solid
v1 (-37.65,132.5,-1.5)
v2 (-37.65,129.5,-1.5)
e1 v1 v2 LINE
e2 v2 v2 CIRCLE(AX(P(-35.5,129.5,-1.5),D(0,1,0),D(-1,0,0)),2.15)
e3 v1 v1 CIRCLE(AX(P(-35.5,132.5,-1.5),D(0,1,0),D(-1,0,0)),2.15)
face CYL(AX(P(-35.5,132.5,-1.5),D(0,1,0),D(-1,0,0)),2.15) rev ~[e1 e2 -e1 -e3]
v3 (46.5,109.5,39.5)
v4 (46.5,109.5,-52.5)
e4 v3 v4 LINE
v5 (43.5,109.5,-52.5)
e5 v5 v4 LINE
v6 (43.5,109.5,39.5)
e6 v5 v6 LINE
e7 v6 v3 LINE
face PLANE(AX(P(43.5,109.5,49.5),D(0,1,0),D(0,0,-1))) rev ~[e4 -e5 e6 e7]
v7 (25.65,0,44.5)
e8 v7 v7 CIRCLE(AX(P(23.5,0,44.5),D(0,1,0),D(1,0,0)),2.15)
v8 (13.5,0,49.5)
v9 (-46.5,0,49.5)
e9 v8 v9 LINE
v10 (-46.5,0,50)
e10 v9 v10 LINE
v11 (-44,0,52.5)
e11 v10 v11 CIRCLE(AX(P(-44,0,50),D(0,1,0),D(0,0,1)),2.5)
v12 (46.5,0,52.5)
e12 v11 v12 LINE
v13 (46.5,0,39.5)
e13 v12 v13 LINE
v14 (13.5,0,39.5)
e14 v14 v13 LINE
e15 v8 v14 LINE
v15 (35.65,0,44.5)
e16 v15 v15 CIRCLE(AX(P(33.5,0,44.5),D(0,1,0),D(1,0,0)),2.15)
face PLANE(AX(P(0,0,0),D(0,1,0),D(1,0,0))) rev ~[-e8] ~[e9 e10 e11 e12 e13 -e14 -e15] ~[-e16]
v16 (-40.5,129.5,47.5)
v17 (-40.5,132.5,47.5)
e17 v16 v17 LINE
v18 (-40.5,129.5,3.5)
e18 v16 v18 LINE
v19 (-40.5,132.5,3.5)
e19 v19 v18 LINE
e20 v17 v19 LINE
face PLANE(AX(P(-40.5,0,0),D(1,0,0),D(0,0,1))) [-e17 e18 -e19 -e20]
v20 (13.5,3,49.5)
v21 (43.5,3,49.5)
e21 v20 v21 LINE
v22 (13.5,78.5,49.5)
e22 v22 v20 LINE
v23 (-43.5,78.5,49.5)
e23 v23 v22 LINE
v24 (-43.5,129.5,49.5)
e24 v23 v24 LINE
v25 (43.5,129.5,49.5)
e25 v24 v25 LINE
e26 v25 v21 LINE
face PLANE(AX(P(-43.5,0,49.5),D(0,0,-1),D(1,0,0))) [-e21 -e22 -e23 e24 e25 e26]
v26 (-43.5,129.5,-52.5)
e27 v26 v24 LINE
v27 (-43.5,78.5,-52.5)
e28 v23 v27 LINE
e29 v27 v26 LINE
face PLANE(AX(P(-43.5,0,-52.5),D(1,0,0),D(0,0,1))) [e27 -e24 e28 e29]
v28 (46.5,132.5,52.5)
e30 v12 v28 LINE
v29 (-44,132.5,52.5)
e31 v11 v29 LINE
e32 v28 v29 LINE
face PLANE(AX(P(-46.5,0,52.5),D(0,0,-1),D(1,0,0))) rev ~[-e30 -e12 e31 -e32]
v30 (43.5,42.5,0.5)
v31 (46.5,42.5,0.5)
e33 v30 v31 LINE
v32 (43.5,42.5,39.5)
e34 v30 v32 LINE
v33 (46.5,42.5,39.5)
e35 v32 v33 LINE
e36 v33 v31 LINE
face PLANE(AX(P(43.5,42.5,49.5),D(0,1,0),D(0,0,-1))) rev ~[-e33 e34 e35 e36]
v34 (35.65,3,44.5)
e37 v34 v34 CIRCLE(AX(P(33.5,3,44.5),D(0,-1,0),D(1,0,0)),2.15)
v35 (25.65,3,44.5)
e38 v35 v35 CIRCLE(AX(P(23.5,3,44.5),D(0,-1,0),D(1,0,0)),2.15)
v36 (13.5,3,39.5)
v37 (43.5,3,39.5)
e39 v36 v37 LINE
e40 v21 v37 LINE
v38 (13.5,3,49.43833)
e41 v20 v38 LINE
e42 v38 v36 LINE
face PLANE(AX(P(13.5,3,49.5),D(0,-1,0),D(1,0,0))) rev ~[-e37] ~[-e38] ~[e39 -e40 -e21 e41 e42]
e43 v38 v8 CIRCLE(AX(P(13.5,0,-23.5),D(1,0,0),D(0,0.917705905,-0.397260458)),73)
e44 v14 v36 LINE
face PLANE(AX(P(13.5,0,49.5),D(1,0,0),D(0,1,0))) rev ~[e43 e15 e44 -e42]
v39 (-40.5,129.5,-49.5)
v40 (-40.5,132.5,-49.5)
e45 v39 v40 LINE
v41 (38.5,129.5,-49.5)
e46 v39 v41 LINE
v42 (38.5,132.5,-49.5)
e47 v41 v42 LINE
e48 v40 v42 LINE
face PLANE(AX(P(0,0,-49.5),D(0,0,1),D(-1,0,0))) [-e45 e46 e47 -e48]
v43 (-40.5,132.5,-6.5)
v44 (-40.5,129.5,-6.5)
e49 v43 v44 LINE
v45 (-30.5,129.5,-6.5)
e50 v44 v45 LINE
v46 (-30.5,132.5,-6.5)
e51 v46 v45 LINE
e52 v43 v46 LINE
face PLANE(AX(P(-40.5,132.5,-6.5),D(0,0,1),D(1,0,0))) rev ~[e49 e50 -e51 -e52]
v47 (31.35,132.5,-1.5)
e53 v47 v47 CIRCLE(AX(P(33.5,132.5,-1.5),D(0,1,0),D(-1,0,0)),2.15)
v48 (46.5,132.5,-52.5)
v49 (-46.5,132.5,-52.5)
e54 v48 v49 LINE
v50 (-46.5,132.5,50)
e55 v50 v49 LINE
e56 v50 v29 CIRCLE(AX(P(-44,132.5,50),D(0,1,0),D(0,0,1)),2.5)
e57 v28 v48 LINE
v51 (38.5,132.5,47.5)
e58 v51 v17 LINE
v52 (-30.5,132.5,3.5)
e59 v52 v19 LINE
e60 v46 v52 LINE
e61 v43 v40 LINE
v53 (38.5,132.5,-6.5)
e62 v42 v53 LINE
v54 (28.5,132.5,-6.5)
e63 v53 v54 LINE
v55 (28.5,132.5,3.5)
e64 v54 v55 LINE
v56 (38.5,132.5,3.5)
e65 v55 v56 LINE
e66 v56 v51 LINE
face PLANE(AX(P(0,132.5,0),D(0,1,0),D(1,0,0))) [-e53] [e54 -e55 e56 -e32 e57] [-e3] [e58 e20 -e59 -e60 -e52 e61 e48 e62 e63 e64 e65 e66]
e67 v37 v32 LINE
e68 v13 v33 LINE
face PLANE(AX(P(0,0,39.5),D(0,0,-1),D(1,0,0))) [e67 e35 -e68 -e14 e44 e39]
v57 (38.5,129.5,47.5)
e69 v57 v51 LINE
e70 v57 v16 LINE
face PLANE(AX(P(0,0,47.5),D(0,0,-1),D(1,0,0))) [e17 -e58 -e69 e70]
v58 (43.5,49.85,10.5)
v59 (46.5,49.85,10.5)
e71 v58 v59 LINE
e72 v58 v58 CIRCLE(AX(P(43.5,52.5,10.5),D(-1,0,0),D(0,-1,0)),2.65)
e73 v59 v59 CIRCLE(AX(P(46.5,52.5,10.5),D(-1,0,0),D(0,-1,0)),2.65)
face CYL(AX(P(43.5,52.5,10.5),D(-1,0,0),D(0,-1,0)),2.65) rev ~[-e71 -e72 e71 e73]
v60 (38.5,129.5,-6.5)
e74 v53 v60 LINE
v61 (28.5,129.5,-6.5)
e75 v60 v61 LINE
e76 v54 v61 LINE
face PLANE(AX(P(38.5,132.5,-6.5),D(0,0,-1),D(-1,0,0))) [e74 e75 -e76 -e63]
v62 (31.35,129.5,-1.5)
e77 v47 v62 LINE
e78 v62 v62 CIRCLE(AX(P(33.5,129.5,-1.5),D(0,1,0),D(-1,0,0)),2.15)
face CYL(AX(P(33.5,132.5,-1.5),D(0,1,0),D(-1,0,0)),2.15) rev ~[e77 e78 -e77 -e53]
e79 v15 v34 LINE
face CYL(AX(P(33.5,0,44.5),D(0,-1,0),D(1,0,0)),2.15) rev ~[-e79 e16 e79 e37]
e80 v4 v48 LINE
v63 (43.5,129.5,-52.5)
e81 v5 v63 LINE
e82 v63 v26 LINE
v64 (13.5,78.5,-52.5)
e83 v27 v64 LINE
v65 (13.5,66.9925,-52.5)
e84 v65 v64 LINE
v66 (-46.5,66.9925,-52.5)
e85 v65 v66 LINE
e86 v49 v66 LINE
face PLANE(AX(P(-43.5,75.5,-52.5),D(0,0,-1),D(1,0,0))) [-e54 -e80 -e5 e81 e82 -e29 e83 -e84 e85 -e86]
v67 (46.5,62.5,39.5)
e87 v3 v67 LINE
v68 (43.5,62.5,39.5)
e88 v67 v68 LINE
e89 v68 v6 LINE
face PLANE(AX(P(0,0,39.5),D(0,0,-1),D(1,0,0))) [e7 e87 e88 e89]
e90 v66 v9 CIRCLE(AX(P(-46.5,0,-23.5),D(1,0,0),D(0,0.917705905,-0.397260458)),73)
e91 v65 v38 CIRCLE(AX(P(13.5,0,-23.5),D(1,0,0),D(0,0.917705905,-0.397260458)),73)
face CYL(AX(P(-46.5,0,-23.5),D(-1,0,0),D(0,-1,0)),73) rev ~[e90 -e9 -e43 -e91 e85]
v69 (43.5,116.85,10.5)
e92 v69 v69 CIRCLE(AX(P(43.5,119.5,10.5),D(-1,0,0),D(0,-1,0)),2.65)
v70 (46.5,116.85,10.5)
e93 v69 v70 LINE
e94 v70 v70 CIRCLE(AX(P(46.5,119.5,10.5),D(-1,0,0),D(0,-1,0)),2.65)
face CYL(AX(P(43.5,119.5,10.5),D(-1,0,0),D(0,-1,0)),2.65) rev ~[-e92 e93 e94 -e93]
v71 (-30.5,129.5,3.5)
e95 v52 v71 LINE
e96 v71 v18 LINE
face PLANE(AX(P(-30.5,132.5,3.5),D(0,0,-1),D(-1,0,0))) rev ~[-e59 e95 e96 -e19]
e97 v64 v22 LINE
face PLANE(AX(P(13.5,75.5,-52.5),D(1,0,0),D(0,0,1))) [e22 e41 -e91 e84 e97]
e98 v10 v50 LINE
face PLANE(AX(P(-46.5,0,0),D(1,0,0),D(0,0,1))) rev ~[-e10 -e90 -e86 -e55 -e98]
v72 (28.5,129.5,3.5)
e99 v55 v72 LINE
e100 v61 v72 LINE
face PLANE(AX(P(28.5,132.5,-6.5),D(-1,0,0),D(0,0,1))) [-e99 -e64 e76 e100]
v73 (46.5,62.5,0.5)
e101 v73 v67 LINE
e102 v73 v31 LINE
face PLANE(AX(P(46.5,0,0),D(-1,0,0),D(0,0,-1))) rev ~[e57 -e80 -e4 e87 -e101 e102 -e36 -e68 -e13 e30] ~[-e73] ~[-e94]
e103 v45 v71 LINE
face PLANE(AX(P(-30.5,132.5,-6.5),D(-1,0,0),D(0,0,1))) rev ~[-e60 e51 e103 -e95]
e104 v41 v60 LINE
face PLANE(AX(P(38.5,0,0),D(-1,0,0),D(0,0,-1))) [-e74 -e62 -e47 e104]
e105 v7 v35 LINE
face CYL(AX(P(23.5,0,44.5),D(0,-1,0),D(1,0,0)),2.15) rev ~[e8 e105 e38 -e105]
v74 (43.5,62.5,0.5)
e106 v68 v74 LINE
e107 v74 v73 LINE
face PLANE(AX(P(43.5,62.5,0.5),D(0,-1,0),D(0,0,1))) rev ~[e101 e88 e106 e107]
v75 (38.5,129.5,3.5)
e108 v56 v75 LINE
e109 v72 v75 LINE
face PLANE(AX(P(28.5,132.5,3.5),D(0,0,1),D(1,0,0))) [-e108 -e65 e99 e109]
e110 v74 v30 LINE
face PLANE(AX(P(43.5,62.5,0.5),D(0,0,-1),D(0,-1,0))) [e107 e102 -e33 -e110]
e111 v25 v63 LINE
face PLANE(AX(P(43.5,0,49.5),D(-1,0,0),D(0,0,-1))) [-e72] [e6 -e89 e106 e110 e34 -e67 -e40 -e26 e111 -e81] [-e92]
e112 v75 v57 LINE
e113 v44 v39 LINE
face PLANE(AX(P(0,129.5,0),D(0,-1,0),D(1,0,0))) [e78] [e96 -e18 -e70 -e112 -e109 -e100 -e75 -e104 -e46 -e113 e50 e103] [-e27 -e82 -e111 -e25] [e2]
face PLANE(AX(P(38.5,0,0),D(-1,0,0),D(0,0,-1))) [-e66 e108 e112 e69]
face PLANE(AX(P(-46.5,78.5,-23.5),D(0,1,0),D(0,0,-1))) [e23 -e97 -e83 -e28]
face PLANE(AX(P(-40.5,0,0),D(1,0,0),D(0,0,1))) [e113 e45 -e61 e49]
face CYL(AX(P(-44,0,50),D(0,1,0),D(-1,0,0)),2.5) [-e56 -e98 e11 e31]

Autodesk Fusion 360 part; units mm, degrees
sketch "스케치1" plane through (0, 0, 0) normal (0, 1, 0) x (1, 0, 0)
  line L0 (-46.5, -52.5) -> (46.5, -52.5)
  line L1 (46.5, -52.5) -> (46.5, 52.5)
  line L2 (46.5, 52.5) -> (-46.5, 52.5)
  line L3 (-46.5, 52.5) -> (-46.5, -52.5)
  line L4 (-46.5, -52.5) -> (46.5, 52.5) construction
  line L5 (46.5, -52.5) -> (-46.5, 52.5) construction
  line L6 (0, -52.5) -> (0, -47.5)
  line L7 (0, 52.5) -> (0, 49.5)
  line L8 (46.5, 0) -> (38.5, 0)
  line L9 (-46.5, 0) -> (-40.5, 0)
  line L10 (-40.5, 0) -> (-40.5, -47.5)
  line L11 (-40.5, -47.5) -> (38.5, -47.5)
  line L12 (38.5, -47.5) -> (38.5, 49.5)
  line L13 (38.5, 49.5) -> (-40.5, 49.5)
  line L14 (-40.5, 49.5) -> (-40.5, 0)
  dimension "d1" = 105
  dimension "d2" = 93
  dimension "d3" = 5
  dimension "d4" = 3
  dimension "d5" = 8
  dimension "d6" = 6
extrude "돌출1" add sketch "스케치1" along normal blind 132.5 contours L0 L3 L6 L9 L10 L11 | L0 L1 L6 L8 L11 L12 | L2 L3 L7 L9 L13 L14 | L1 L2 L7 L8 L12 L13
sketch "스케치2" plane through (0, 0, 0) normal (0, -1, 0) x (1, 0, 0)
  line L0 (-40.5, -49.5) -> (-40.5, 47.5)
  line L1 (-40.5, 47.5) -> (38.5, 47.5)
  line L2 (38.5, 47.5) -> (38.5, -49.5)
  line L3 (38.5, -49.5) -> (-40.5, -49.5)
  line L4 (-46.5, 52.5) -> (-46.5, -52.5)
  line L5 (-46.5, -52.5) -> (46.5, -52.5)
  line L6 (46.5, -52.5) -> (46.5, 52.5)
  line L7 (46.5, 52.5) -> (-46.5, 52.5)
  line L8 (-46.5, 52.5) -> (-43.5, 52.5)
  line L9 (-43.5, 52.5) -> (-43.5, 49.5)
  line L10 (-43.5, 49.5) -> (-46.5, 49.5)
  line L11 (-46.5, 49.5) -> (-46.5, 52.5)
  line L12 (46.5, -52.5) -> (43.5, -52.5)
  line L13 (-43.5, 49.5) -> (43.5, 49.5)
  line L14 (43.5, 49.5) -> (43.5, -52.5)
  line L15 (43.5, -52.5) -> (-43.5, -52.5)
  line L16 (-43.5, -52.5) -> (-43.5, 49.5)
  dimension "d9" = 3
  dimension "d10" = 3
  dimension "d11" = 3
extrude "돌출2" cut sketch "스케치2" against normal blind 129.5 contours L5 L13 L14 L15 L16
sketch "스케치3" plane through (-46.5, 0, 0) normal (-1, 0, 0) x (0, -1, 0)
  line L0 (0, -52.5) -> (0, 52.5)
  line L1 (0, 52.5) -> (-132.5, 52.5)
  line L2 (-132.5, 52.5) -> (-132.5, -52.5)
  line L3 (-132.5, -52.5) -> (0, -52.5)
  line L4 (0, 52.5) -> (0, -23.5)
  circle A0 centre (0, -23.5) radius 73
  circle A1 centre (0, -23.5) radius 75.5
  line L5 (0, 52.5) -> (-42.5, 52.5)
  line L6 (-42.5, 52.5) -> (-42.5, 35.8528)
  line L7 (-42.5, 35.8528) -> (0, 35.8528)
  line L8 (0, 35.8528) -> (0, 52.5)
  line L9 (0, 52.5) -> (-3, 52.5)
  line L10 (-3, 52.5) -> (-3, 49.4383)
  line L11 (-3, 49.4383) -> (0, 49.4383)
  line L12 (0, 49.4383) -> (0, 52.5)
  line L13 (-66.9925, -52.5) -> (-62.9352, -52.5)
  line L14 (-62.9352, -52.5) -> (-62.9352, -49.5)
  line L15 (-62.9352, -49.5) -> (-66.9925, -49.5)
  line L16 (-66.9925, -49.5) -> (-66.9925, -52.5)
  line L17 (0, 52.5) -> (-75.5, 52.5)
  line L18 (-75.5, 52.5) -> (-75.5, -52.5)
  line L19 (-75.5, -52.5) -> (0, -52.5)
  line L20 (0, -52.5) -> (0, 52.5)
  dimension "d14" = 76
  dimension "d15" = 146
  dimension "d16" = 151
  dimension "d45" = 42.5
  dimension "d46" = 3
  dimension "d50" = 3
  dimension "d71" = 75.5
extrude "돌출3" cut sketch "스케치3" against normal blind 10 contours L0 L3 L4 A0 L7 L14 L15 L16 L19 L20 | L3 L13 L14 L15 L16 L19 | L0 L4 A0 L7 L8 L11 L20 | L0 L4 A0 L8 L11 L12 L20
sketch "스케치4" plane through (0, 132.5, 0) normal (0, 1, 0) x (-1, 0, 0)
  line L0 (40.5, 47.5) -> (40.5, -49.5)
  line L1 (40.5, -49.5) -> (-38.5, -49.5)
  line L2 (-38.5, -49.5) -> (-38.5, 47.5)
  line L3 (-38.5, 47.5) -> (40.5, 47.5)
  line L4 (46.5, -52.5) -> (46.5, 52.5)
  line L5 (46.5, 52.5) -> (-46.5, 52.5)
  line L6 (-46.5, 52.5) -> (-46.5, -52.5)
  line L7 (-46.5, -52.5) -> (46.5, -52.5)
  line L8 (-38.5, -49.5) -> (-38.5, -6.5)
  line L9 (-38.5, -6.5) -> (-28.5, -6.5)
  line L10 (-28.5, -6.5) -> (-28.5, 3.5)
  line L11 (-28.5, 3.5) -> (-38.5, 3.5)
  line L12 (-38.5, 3.5) -> (-38.5, -6.5)
  line L13 (40.5, -6.5) -> (30.5, -6.5)
  line L14 (30.5, -6.5) -> (30.5, 3.5)
  line L15 (30.5, 3.5) -> (40.5, 3.5)
  line L16 (40.5, 3.5) -> (40.5, -6.5)
  circle A0 centre (-33.5, -1.5) radius 2.15
  circle A1 centre (35.5, -1.5) radius 2.15
  dimension "d19" = 43
  dimension "d20" = 10
  dimension "d21" = 10
  dimension "d22" = 10
  dimension "d23" = 10
  dimension "d24" = 4.3
  dimension "d25" = 4.3
extrude "돌출4" add sketch "스케치4" against normal blind 3 contours L0 L13 L14 L15 L16 | L2 L9 L10 L11 L12
sketch "스케치5" plane through (43.5, 0, 0) normal (-1, 0, 0) x (0, -1, 0)
  line L0 (0, -52.5) -> (0, 49.5)
  line L1 (0, 49.5) -> (-129.5, 49.5)
  line L2 (-129.5, 49.5) -> (-129.5, -52.5)
  line L3 (-129.5, -52.5) -> (0, -52.5)
  line L4 (-129.5, 49.5) -> (-109.5, 49.5)
  line L5 (-109.5, 49.5) -> (-109.5, -52.5)
  line L6 (-109.5, -52.5) -> (-129.5, -52.5)
  line L7 (-129.5, -52.5) -> (-129.5, 49.5)
  line L8 (-109.5, 49.5) -> (-62.5, 49.5)
  line L9 (-62.5, 49.5) -> (-42.5, 49.5)
  line L10 (-42.5, 49.5) -> (-42.5, -52.5)
  line L11 (-42.5, -52.5) -> (-62.5, -52.5)
  line L12 (-62.5, -52.5) -> (-62.5, 49.5)
  line L13 (-42.5, 49.5) -> (-42.5, 20.5)
  line L14 (-109.5, 20.5) -> (-129.5, 20.5)
  line L15 (-129.5, 20.5) -> (-129.5, 0.5)
  line L16 (-129.5, 0.5) -> (-109.5, 0.5)
  line L17 (-109.5, 0.5) -> (-109.5, 20.5)
  circle A0 centre (-119.5, 10.5) radius 2.65
  line L18 (-42.5, 20.5) -> (-62.5, 20.5)
  line L19 (-62.5, 20.5) -> (-62.5, 0.5)
  line L20 (-62.5, 0.5) -> (-42.5, 0.5)
  line L21 (-42.5, 0.5) -> (-42.5, 20.5)
  circle A1 centre (-52.5, 10.5) radius 2.65
  dimension "d28" = 20
  dimension "d29" = 47
  dimension "d30" = 20
  dimension "d31" = 29
  dimension "d33" = 20
  dimension "d34" = 20
  dimension "d36" = 5.3
  dimension "d41" = 20
  dimension "d42" = 5.3
extrude "돌출5" cut sketch "스케치5" against normal blind 3 contours L0 L1 L3 L10 L13 L21 | L3 L10 L11 L12 L20 | L1 L3 L5 L8 L12 L17 L19 | A0 | A1
extrude "돌출19" add sketch "스케치3" against normal blind 60 contours L3 A0 A1 L6 L19 | A0 A1 L6 L10 | L3 A1 L18 L19 | L0 L4 A0 A1 L8 L10 L12 L20 | L1 A1 L5 L6 L10 L17 | L1 A1 L6 L17 L18 | L0 L1 L4 A1 L5 L8 L9 L10 L12 L17 L20
extrude "돌출21" add 1 faces at (-24.5, 75.5, 15.5) along direction (0, 1, 0) blind 3
sketch "스케치12" plane through (0, 0, 49.5) normal (0, 0, -1) x (1, 0, 0)
  line L0 (13.5, -78.5) -> (-43.5, -78.5)
  line L1 (-43.5, -78.5) -> (-43.5, -129.5)
  line L2 (-43.5, -129.5) -> (43.5, -129.5)
  line L3 (43.5, -129.5) -> (43.5, -109.5)
  line L4 (43.5, -109.5) -> (46.5, -109.5)
  line L5 (46.5, -109.5) -> (46.5, -62.5)
  line L6 (46.5, -62.5) -> (43.5, -62.5)
  line L7 (43.5, -62.5) -> (43.5, -42.5)
  line L8 (43.5, -42.5) -> (46.5, -42.5)
  line L9 (46.5, -42.5) -> (46.5, 0)
  line L10 (46.5, 0) -> (13.5, 0)
  line L11 (13.5, 0) -> (13.5, -78.5)
  line L12 (46.5, 0) -> (13.5, 0)
  line L13 (13.5, 0) -> (13.5, -3)
  line L14 (13.5, -3) -> (46.5, -3)
  line L15 (46.5, -3) -> (46.5, 0)
  line L16 (43.5, -129.5) -> (46.5, -129.5)
  line L17 (46.5, -129.5) -> (46.5, 0)
  line L18 (46.5, 0) -> (43.5, 0)
  line L19 (43.5, 0) -> (43.5, -129.5)
  dimension "d103" = 3
extrude "돌출22" add sketch "스케치12" along normal blind 10 contours L10 L11 L12 L13 L14 L19 | L9 L10 L12 L14 L15 L17 L18 L19 | L8 L9 L14 L17 L19 | L4 L5 L6 L17 L19
sketch "스케치13" plane through (0, 0, 0) normal (0, -1, 0) x (1, 0, 0)
  line L0 (46.5, 39.5) -> (46.5, 52.5)
  line L1 (46.5, 52.5) -> (-46.5, 52.5)
  line L2 (-46.5, 52.5) -> (-46.5, 49.5)
  line L3 (-46.5, 49.5) -> (13.5, 49.5)
  line L4 (13.5, 49.5) -> (13.5, 39.5)
  line L5 (13.5, 39.5) -> (46.5, 39.5)
  line L6 (46.5, 52.5) -> (43.5, 52.5)
  line L7 (43.5, 52.5) -> (43.5, 39.5)
  line L8 (43.5, 39.5) -> (46.5, 39.5)
  line L9 (46.5, 39.5) -> (46.5, 52.5)
  line L10 (13.5, 39.5) -> (43.5, 39.5)
  line L11 (43.5, 39.5) -> (43.5, 49.5)
  line L12 (43.5, 49.5) -> (13.5, 49.5)
  line L13 (13.5, 49.5) -> (13.5, 39.5)
  line L14 (13.5, 44.5) -> (23.5, 44.5)
  line L15 (23.5, 44.5) -> (33.5, 44.5)
  circle A0 centre (23.5, 44.5) radius 2.15
  circle A1 centre (33.5, 44.5) radius 2.15
  dimension "d106" = 3
  dimension "d107" = 10
  dimension "d108" = 10
  dimension "d109" = 10
  dimension "d110" = 4.3
  dimension "d111" = 4.3
extrude "돌출23" cut sketch "스케치13" against normal blind 3 contours L14 L15 A0 | L14 L15 A0 | A1
fillet "필렛2" radius 2.5 1 edges at (-46.5, 66.25, 52.5)
